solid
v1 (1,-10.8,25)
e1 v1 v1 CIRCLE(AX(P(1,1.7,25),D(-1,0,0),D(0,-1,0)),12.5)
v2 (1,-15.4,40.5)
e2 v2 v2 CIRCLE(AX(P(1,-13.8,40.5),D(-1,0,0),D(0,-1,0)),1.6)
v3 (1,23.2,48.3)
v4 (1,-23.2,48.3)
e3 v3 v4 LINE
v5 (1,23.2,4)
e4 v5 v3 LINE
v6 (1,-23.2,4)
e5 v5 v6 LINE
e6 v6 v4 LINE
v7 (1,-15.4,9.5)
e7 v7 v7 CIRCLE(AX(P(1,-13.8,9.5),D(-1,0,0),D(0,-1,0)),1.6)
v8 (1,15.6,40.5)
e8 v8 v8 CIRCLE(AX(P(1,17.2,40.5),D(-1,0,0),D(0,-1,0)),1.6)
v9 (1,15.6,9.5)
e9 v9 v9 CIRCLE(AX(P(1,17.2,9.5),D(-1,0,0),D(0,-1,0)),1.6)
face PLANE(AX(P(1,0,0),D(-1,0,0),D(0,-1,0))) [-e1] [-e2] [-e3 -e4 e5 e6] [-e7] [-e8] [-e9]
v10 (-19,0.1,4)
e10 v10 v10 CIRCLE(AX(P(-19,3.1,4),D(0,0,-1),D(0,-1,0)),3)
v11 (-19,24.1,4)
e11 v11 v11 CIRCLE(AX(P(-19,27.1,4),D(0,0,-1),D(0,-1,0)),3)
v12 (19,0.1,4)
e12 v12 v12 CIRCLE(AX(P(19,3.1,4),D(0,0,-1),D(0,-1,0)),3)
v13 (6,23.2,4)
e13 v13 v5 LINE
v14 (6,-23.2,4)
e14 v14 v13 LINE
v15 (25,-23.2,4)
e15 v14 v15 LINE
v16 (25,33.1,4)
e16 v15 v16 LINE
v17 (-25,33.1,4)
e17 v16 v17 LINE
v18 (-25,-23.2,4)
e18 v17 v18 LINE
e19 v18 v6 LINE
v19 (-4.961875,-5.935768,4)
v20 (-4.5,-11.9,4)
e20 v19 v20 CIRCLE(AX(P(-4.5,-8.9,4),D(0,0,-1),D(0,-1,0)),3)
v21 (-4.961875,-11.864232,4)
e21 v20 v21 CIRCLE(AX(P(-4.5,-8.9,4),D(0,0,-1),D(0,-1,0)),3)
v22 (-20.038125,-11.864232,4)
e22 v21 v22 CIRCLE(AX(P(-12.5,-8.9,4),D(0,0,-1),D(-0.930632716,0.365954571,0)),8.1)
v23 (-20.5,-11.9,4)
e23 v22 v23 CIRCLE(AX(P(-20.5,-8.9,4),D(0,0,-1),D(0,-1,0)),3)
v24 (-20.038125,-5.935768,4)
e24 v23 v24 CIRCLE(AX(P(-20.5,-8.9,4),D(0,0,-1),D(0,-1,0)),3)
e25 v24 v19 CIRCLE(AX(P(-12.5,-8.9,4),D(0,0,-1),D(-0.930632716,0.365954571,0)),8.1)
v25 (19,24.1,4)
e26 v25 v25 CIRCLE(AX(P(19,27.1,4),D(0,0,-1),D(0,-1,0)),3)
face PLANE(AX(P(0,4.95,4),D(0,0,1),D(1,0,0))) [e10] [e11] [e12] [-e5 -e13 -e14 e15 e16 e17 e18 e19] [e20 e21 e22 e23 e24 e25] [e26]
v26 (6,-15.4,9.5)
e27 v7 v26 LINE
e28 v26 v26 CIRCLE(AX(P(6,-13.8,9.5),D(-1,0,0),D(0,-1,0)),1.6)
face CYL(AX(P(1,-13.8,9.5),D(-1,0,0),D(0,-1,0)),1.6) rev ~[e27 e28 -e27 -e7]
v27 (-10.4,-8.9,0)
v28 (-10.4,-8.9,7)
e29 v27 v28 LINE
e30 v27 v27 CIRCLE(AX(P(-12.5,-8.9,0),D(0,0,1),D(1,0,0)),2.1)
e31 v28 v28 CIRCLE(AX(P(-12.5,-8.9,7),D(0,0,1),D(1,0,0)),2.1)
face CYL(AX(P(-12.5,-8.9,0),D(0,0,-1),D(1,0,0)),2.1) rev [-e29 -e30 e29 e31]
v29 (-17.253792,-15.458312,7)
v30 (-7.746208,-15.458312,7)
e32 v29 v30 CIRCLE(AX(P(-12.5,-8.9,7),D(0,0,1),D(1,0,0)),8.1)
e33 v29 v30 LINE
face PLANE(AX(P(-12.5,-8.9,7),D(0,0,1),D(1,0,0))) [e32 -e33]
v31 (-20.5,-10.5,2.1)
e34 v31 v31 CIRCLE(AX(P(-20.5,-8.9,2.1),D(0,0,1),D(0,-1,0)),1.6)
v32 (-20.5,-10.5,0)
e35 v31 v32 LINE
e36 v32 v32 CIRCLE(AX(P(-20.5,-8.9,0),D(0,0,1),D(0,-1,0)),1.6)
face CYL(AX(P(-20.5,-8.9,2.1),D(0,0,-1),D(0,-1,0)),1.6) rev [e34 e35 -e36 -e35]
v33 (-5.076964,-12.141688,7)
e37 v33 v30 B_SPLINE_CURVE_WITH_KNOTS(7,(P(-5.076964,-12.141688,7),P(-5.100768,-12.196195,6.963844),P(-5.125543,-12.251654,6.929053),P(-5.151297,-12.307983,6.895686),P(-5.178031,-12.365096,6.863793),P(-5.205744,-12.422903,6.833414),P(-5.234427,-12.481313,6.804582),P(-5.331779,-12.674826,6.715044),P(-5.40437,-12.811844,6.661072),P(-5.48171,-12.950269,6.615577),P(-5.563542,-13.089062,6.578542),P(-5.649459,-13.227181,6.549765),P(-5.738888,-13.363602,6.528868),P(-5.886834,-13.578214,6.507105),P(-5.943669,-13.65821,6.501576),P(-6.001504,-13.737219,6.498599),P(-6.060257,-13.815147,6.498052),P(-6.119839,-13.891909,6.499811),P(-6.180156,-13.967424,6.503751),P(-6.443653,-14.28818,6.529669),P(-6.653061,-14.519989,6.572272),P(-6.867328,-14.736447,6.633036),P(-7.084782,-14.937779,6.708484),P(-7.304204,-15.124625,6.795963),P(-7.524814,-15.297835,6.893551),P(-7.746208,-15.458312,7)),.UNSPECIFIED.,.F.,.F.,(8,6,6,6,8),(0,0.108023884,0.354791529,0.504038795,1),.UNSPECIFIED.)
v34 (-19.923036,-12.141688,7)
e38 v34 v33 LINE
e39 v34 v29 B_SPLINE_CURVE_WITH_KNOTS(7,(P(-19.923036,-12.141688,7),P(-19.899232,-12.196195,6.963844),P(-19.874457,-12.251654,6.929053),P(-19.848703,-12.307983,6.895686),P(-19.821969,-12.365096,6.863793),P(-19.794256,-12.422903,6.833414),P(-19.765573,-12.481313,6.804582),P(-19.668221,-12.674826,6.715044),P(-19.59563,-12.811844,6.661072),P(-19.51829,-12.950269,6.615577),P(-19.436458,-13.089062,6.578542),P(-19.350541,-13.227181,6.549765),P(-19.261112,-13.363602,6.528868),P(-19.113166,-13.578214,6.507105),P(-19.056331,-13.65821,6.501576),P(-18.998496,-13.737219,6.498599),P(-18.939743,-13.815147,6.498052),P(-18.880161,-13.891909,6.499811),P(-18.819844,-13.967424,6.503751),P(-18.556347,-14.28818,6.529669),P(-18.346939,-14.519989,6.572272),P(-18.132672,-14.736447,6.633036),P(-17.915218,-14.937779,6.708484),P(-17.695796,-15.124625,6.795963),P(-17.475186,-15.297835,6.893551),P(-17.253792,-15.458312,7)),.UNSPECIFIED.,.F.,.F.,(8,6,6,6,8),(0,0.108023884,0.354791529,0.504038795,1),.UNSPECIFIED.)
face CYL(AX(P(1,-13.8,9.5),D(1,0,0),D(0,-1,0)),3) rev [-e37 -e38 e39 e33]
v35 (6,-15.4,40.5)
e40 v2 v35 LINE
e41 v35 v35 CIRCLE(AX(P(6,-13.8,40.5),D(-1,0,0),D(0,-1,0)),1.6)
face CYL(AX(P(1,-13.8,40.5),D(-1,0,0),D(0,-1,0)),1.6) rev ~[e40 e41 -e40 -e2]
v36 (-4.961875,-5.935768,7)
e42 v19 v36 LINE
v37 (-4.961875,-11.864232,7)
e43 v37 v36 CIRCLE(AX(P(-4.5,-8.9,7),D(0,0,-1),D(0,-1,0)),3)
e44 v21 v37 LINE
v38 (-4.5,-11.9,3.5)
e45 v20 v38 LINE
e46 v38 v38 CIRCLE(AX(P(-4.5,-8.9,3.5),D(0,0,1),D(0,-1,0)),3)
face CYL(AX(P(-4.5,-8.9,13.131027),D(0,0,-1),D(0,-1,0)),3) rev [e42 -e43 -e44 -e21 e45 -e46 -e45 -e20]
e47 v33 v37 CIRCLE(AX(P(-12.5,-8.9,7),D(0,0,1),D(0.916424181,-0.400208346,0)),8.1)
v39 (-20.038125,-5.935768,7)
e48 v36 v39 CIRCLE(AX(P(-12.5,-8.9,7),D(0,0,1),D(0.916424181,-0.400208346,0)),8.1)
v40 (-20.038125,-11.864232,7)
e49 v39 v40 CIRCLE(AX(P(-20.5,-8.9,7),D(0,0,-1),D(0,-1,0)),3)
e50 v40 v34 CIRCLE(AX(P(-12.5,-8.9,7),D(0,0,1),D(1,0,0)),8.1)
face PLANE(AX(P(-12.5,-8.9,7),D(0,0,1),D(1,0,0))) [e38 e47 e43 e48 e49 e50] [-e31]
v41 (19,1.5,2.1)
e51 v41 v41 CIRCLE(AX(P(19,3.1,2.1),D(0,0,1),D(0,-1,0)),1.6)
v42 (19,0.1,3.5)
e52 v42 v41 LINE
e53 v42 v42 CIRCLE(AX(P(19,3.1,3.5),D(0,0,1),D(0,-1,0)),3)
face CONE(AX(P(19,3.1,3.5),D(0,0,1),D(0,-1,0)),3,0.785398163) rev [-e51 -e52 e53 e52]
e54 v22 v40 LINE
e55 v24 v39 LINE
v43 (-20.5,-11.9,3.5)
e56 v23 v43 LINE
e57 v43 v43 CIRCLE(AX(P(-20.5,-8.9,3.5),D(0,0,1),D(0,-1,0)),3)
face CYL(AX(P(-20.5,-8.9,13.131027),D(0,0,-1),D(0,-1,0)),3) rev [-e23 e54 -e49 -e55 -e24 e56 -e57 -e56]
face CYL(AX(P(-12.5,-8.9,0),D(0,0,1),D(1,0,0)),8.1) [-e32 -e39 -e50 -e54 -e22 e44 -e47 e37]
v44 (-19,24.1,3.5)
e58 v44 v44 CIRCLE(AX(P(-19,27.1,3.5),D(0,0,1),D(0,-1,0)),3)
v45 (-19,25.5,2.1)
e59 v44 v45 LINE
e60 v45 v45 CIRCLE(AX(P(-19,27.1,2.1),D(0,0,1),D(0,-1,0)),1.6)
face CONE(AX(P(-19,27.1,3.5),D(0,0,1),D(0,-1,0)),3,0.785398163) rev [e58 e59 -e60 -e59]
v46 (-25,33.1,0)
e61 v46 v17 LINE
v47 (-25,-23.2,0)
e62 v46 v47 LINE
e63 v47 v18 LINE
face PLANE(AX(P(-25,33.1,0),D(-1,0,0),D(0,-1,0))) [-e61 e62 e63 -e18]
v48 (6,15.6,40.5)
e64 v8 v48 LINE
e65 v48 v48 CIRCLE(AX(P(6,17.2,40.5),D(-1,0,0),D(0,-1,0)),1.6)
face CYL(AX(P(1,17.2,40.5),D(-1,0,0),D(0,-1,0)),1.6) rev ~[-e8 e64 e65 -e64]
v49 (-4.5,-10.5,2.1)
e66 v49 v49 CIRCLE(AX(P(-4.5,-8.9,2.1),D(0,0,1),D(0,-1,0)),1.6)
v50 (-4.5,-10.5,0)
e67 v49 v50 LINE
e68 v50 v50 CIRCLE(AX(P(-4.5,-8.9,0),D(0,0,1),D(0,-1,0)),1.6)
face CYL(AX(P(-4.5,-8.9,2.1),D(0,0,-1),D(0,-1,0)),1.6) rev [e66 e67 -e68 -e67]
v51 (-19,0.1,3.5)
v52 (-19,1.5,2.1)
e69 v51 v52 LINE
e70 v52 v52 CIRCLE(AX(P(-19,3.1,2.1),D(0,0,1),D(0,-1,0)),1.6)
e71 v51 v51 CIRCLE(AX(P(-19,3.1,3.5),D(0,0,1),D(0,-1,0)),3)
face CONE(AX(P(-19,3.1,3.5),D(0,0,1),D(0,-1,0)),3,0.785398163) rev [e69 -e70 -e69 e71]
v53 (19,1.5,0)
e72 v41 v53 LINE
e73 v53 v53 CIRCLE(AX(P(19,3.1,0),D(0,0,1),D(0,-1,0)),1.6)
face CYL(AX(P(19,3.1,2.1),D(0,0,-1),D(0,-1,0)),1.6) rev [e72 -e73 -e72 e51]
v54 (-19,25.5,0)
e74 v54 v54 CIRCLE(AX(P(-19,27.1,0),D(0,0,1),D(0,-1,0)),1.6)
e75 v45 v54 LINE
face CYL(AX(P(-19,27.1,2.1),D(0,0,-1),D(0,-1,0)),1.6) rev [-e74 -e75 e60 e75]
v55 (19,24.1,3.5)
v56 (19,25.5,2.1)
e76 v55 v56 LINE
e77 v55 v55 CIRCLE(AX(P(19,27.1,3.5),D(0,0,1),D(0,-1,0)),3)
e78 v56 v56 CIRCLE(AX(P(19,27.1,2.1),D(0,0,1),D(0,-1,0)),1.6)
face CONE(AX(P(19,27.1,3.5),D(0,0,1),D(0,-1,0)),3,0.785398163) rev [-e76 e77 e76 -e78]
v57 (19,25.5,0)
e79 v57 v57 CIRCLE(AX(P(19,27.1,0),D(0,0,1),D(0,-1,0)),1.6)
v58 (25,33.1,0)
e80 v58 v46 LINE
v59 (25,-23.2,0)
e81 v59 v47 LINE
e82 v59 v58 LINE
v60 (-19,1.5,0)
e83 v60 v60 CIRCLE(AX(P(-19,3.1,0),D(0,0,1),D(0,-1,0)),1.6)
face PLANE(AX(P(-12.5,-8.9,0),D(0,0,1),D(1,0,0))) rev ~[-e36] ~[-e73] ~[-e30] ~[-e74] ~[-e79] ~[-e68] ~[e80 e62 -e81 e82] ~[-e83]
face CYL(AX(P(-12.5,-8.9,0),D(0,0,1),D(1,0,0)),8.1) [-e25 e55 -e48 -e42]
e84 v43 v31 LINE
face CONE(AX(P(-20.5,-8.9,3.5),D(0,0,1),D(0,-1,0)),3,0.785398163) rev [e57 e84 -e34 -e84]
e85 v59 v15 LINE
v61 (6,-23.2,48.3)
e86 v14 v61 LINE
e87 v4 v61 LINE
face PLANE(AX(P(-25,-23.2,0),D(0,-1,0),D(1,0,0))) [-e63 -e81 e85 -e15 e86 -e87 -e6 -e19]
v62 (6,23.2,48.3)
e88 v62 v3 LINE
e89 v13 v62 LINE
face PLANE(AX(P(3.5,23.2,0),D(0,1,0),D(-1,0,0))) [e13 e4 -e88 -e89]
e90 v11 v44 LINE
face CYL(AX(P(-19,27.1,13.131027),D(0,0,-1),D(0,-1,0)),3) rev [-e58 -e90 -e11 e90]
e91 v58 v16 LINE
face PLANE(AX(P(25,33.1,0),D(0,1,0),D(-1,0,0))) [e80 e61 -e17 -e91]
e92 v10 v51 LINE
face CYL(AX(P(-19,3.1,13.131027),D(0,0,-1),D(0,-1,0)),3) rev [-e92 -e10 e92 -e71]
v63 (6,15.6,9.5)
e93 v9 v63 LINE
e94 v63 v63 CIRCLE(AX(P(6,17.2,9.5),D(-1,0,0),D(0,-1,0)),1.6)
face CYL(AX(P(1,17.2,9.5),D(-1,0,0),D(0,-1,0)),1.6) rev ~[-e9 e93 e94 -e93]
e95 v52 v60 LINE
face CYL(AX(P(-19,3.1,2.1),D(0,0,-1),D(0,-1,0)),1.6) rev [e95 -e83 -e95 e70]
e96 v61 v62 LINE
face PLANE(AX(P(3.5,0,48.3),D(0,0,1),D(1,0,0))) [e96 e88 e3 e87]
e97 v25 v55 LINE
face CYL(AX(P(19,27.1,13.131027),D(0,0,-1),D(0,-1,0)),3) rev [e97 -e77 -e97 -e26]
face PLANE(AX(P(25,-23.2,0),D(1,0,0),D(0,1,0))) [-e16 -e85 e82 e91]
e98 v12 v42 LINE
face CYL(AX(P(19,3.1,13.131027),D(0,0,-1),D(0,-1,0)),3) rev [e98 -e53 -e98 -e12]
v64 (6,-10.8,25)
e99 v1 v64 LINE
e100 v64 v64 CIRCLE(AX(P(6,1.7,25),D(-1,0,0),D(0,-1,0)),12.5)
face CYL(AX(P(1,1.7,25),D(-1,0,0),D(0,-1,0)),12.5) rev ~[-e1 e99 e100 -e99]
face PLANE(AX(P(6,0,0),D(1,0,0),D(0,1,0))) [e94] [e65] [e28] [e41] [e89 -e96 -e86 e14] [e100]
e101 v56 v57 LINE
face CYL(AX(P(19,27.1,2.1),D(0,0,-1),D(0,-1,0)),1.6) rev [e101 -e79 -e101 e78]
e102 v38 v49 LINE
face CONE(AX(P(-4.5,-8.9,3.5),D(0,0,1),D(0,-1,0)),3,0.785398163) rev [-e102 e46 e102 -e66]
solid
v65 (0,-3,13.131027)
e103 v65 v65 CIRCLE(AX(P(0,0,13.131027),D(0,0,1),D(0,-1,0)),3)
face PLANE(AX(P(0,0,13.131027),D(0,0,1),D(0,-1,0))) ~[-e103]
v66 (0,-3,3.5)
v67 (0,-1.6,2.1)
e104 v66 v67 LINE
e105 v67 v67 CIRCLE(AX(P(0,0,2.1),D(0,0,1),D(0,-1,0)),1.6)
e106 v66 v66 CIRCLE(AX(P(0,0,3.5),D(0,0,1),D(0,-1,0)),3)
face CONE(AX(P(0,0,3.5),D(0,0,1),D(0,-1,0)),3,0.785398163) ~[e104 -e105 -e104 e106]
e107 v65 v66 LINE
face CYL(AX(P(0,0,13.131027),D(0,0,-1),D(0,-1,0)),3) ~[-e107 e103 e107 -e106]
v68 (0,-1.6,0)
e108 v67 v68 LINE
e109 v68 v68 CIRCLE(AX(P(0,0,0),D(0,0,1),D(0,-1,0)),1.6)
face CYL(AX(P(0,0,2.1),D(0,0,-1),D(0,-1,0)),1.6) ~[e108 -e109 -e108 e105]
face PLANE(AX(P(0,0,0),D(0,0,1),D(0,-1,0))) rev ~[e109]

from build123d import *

# Parameters (mm, degrees)
F4_W      = 5
F4_H      = 46.4
F6_R      = 8.1
F8_R      = 12.5
F8_R_2    = 1.6
F9_DEPTH  = 5
F10_R     = 2.1
F11_DEPTH = 7
F12_R     = 3
F13_DEPTH = 26


with BuildPart() as f3:
    # F3: sweep along a path in F1
    with BuildLine(Plane.XZ) as f3_path:
        Line((0, 0), (0, 4))
    # F2 (on Top) → F3 (sweep)
    with BuildSketch(Plane.XY):
        Polygon((-25, 33.1), (-25, 23.2), (-25, -23.2), (25, -23.2), (25, 23.2), (25, 33.1), align=None)
    sweep(path=f3_path.line)

    # F5: sweep along a path in F1
    with BuildLine(Plane.XZ) as f5_path:
        Line((0, 0), (0, 4))
        Line((0, 4), (0, 7))
        Line((0, 7), (0, 48.3))
    # F4 (on Top) → F5 (sweep)
    with BuildSketch(Plane.XY):
        with Locations((3.5, 0)):
            Rectangle(F4_W, F4_H)
    sweep(path=f5_path.line)

    # F7: sweep along a path in F1
    with BuildLine(Plane.XZ) as f7_path:
        Line((0, 0), (0, 4))
        Line((0, 4), (0, 7))
    # F6 (on Top) → F7 (sweep)
    with BuildSketch(Plane.XY):
        with Locations((-12.5, -8.9)):
            Circle(F6_R)
    sweep(path=f7_path.line)

    # F8 (on face) → F9 (cut, through all)
    with BuildSketch(Plane(origin=(1, 0, 0), x_dir=(0, -1, 0), z_dir=(-1, 0, 0))):
        with Locations((-1.7, 25)):
            Circle(F8_R)
        with Locations((-17.2, 40.5)):
            Circle(F8_R_2)
        with Locations((13.8, 40.5)):
            Circle(F8_R_2)
        with Locations((13.8, 9.5)):
            Circle(F8_R_2)
        with Locations((-17.2, 9.5)):
            Circle(F8_R_2)
    extrude(amount=-F9_DEPTH, mode=Mode.SUBTRACT)

    # F10 (on Top) → F11 (cut, through all)
    with BuildSketch(Plane.XY):
        with Locations((-12.5, -8.9)):
            Circle(F10_R)
    extrude(amount=F11_DEPTH, mode=Mode.SUBTRACT)

    # F12 (on face) → F13 (cut, through all)
    with BuildSketch(Plane(origin=(1, 0, 0), x_dir=(0, -1, 0), z_dir=(-1, 0, 0))):
        with Locations((13.8, 9.5)):
            Circle(F12_R)
    extrude(amount=F13_DEPTH, mode=Mode.SUBTRACT)


with BuildPart() as f15:
    # F14 (on Right) → F15 (revolve)
    with BuildSketch(Plane.YZ):
        Polygon((-1.6, 0), (0, 0), (0, 4), (0, 13.1310271099), (-3, 13.1310271099), (-3, 4), (-3, 3.5), (-1.6, 2.1), align=None)
    revolve(axis=Axis((0, 0, 2), (0, 0, 1)))


with BuildPart() as f16_1:
    # F16: copy of F15
    add(f15.part.moved(Location((-20.5, -8.9, 0))))


with BuildPart() as f17_1:
    # F17: copy of F15
    add(f15.part.moved(Location((-4.5, -8.9, 0))))


with BuildPart() as f18_1:
    # F18: copy of F15
    add(f15.part.moved(Location((-19, 3.1, 0))))


with BuildPart() as f19_1:
    # F19: copy of F15
    add(f15.part.moved(Location((-19, 27.1, 0))))


with BuildPart() as f20_1:
    # F20: copy of F15
    add(f15.part.moved(Location((19, 27.1, 0))))


with BuildPart() as f21_1:
    # F21: copy of F15
    add(f15.part.moved(Location((19, 3.1, 0))))


with BuildPart() as f3_1:
    add(f3.part)

    # F22: cut F16_1, F17_1, F19_1, F18_1, F21_1, F20_1
    add(f16_1.part, mode=Mode.SUBTRACT)
    add(f17_1.part, mode=Mode.SUBTRACT)
    add(f19_1.part, mode=Mode.SUBTRACT)
    add(f18_1.part, mode=Mode.SUBTRACT)
    add(f21_1.part, mode=Mode.SUBTRACT)
    add(f20_1.part, mode=Mode.SUBTRACT)


solid = Compound([f15.part, f3_1.part])
